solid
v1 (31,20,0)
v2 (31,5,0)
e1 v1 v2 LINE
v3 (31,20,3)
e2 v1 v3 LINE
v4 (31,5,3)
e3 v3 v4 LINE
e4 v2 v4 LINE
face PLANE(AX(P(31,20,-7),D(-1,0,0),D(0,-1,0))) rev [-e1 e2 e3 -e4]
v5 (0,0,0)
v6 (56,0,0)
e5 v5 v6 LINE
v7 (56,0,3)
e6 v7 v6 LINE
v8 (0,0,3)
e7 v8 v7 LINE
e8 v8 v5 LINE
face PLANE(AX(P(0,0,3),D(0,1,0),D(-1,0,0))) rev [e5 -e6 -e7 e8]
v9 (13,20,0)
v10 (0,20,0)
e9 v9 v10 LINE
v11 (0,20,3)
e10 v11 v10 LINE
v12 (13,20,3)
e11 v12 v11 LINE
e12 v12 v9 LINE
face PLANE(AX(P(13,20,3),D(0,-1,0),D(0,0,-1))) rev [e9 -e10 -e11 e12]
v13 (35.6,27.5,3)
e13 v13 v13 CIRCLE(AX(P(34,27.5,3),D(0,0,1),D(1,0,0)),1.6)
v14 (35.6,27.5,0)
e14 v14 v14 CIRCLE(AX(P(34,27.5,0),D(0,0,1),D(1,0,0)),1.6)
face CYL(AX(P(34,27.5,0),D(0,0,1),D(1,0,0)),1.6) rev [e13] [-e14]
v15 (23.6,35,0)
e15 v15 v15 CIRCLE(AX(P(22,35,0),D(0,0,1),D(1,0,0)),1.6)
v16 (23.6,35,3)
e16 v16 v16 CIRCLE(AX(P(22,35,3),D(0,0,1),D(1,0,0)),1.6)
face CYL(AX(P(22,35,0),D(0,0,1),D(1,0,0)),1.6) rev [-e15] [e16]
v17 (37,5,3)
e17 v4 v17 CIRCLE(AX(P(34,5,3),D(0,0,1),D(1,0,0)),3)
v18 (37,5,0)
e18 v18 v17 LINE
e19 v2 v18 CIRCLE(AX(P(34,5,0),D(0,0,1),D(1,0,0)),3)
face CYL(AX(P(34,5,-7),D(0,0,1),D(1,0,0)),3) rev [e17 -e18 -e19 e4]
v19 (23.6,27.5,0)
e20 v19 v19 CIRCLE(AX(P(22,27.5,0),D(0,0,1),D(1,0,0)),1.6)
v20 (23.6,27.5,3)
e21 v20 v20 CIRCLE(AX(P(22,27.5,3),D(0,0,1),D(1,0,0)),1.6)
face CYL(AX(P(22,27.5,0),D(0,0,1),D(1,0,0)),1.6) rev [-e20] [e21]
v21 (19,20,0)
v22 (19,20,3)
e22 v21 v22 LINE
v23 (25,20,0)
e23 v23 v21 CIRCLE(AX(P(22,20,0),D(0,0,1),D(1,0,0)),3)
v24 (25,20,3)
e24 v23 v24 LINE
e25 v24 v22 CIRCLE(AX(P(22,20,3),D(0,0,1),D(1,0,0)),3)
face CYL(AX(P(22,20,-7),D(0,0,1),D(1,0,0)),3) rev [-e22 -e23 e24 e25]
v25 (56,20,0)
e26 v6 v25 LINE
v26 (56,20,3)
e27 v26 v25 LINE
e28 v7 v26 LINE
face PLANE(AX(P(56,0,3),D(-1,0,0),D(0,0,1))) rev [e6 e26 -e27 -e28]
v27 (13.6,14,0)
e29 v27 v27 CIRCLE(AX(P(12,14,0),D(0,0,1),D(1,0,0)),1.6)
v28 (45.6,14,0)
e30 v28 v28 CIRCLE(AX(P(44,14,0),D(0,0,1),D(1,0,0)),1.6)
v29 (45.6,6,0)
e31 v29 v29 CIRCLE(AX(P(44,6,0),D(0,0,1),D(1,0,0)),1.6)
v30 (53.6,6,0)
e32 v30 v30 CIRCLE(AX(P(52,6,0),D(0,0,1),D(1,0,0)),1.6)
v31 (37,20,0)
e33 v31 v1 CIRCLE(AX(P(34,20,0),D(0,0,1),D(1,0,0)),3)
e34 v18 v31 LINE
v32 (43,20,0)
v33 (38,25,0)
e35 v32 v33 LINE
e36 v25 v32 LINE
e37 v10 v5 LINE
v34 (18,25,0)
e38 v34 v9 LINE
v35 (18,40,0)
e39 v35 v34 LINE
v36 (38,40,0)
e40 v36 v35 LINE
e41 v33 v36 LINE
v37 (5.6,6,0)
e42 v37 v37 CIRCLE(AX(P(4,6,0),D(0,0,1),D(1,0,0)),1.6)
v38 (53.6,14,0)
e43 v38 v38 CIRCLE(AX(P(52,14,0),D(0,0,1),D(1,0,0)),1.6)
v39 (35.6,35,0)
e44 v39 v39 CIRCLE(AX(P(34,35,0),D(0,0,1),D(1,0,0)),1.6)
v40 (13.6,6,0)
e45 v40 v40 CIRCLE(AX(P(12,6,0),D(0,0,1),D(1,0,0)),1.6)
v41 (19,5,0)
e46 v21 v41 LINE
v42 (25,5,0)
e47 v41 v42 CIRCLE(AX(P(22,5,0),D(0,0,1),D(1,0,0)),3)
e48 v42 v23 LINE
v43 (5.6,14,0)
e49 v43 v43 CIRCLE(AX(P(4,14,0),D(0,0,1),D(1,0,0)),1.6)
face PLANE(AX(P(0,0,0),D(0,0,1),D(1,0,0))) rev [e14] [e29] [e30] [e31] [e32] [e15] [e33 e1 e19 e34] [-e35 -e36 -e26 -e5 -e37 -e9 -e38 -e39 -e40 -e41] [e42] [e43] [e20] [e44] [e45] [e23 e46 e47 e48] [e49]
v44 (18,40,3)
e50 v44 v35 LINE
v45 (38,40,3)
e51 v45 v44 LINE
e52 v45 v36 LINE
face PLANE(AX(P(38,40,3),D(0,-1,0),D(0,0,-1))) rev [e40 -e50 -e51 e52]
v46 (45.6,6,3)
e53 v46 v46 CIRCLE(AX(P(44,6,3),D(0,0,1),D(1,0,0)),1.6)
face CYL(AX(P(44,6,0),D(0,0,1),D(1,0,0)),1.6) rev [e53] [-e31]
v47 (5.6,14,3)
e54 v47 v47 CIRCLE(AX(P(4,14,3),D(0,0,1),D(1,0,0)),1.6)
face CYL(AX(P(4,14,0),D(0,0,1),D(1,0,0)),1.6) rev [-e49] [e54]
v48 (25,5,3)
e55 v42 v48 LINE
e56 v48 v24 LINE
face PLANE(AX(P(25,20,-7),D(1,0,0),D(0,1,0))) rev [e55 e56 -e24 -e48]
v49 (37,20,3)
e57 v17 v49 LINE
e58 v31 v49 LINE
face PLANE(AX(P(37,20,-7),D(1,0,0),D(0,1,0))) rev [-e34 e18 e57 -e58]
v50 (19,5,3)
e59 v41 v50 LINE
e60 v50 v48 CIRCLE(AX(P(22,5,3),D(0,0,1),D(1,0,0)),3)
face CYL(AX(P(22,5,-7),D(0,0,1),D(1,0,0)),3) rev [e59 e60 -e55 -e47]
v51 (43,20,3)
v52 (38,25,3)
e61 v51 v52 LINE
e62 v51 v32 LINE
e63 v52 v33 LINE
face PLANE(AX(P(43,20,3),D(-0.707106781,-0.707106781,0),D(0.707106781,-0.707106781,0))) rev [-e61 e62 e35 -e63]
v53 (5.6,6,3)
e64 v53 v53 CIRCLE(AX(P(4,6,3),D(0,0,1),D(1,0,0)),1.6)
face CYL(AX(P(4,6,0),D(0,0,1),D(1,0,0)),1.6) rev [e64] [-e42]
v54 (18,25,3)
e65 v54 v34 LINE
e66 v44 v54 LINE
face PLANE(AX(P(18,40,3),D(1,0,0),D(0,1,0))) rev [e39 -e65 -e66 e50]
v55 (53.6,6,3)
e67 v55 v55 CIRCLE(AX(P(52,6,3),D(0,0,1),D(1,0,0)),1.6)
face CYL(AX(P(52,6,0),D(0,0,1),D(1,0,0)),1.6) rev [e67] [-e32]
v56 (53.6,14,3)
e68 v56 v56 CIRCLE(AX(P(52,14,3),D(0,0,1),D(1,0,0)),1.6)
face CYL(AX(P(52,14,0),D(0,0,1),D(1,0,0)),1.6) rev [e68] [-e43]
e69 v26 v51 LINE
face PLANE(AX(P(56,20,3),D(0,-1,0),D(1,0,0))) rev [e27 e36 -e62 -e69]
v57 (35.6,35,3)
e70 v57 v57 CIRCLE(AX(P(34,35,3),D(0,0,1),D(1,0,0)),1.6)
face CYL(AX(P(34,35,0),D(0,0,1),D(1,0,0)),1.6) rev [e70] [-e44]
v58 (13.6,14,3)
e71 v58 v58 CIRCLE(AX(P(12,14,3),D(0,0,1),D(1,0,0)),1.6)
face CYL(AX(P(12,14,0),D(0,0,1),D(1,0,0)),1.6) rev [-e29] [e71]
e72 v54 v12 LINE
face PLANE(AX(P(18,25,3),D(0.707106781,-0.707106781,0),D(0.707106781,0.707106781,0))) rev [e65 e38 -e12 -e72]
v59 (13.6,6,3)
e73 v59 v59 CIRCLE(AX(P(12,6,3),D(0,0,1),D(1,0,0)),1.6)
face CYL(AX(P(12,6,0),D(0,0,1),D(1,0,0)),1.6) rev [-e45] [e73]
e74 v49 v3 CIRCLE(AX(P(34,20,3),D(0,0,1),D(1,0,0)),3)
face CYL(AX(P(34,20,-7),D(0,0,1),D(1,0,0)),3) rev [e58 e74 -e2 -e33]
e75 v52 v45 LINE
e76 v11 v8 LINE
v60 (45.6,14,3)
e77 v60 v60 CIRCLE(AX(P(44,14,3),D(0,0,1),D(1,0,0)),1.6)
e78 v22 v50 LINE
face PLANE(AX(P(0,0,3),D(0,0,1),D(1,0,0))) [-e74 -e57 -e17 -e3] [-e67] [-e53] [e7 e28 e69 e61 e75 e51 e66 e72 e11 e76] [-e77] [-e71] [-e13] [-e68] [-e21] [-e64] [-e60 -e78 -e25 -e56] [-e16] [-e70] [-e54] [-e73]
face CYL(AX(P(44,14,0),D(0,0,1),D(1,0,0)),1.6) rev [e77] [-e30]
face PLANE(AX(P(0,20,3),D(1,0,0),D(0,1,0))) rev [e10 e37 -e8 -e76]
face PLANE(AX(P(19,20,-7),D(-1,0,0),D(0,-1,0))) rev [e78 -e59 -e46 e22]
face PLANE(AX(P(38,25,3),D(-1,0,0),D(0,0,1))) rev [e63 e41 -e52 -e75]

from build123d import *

# Parameters (mm, degrees)
EXTRUDE_1_DEPTH     = 3
SKETCH_2_R          = 1.6
CUT_EXTRUDE_1_DEPTH = 3
CUT_EXTRUDE_2_DEPTH = 10


with BuildPart() as part:
    # 草图1 → 凸台-拉伸1 (new body)
    with BuildSketch(Plane.XY):
        Polygon((0, 0), (56, 0), (56, 20), (43, 20), (38, 25), (38, 40), (18, 40), (18, 25), (13, 20), (0, 20), align=None)
    extrude(amount=EXTRUDE_1_DEPTH)

    # 草图2 → 切除-拉伸1 (cut)
    with BuildSketch(Plane.XY.offset(3)):
        with Locations((22, 35)):
            Circle(SKETCH_2_R)
        with Locations((34, 35)):
            Circle(SKETCH_2_R)
        with Locations((22, 27.5)):
            Circle(SKETCH_2_R)
        with Locations((34, 27.5)):
            Circle(SKETCH_2_R)
        with Locations((4, 14)):
            Circle(SKETCH_2_R)
        with Locations((4, 6)):
            Circle(SKETCH_2_R)
        with Locations((12, 14)):
            Circle(SKETCH_2_R)
        with Locations((12, 6)):
            Circle(SKETCH_2_R)
        with Locations((52, 14)):
            Circle(SKETCH_2_R)
        with Locations((52, 6)):
            Circle(SKETCH_2_R)
        with Locations((44, 6)):
            Circle(SKETCH_2_R)
        with Locations((44, 14)):
            Circle(SKETCH_2_R)
    extrude(amount=-CUT_EXTRUDE_1_DEPTH, mode=Mode.SUBTRACT)

    # 草图3 → 切除-拉伸2 (cut)
    with BuildSketch(Plane.XY.offset(3)):
        with BuildLine():
            Line((25, 20), (25, 5))
            ThreePointArc((25, 5), (22, 2), (19, 5))
            Line((19, 5), (19, 20))
            ThreePointArc((19, 20), (22, 23), (25, 20))
        make_face()
        with BuildLine():
            Line((37, 20), (37, 5))
            ThreePointArc((37, 5), (34, 2), (31, 5))
            Line((31, 5), (31, 20))
            ThreePointArc((31, 20), (34, 23), (37, 20))
        make_face()
    extrude(amount=-CUT_EXTRUDE_2_DEPTH, mode=Mode.SUBTRACT)


solid = part.part
